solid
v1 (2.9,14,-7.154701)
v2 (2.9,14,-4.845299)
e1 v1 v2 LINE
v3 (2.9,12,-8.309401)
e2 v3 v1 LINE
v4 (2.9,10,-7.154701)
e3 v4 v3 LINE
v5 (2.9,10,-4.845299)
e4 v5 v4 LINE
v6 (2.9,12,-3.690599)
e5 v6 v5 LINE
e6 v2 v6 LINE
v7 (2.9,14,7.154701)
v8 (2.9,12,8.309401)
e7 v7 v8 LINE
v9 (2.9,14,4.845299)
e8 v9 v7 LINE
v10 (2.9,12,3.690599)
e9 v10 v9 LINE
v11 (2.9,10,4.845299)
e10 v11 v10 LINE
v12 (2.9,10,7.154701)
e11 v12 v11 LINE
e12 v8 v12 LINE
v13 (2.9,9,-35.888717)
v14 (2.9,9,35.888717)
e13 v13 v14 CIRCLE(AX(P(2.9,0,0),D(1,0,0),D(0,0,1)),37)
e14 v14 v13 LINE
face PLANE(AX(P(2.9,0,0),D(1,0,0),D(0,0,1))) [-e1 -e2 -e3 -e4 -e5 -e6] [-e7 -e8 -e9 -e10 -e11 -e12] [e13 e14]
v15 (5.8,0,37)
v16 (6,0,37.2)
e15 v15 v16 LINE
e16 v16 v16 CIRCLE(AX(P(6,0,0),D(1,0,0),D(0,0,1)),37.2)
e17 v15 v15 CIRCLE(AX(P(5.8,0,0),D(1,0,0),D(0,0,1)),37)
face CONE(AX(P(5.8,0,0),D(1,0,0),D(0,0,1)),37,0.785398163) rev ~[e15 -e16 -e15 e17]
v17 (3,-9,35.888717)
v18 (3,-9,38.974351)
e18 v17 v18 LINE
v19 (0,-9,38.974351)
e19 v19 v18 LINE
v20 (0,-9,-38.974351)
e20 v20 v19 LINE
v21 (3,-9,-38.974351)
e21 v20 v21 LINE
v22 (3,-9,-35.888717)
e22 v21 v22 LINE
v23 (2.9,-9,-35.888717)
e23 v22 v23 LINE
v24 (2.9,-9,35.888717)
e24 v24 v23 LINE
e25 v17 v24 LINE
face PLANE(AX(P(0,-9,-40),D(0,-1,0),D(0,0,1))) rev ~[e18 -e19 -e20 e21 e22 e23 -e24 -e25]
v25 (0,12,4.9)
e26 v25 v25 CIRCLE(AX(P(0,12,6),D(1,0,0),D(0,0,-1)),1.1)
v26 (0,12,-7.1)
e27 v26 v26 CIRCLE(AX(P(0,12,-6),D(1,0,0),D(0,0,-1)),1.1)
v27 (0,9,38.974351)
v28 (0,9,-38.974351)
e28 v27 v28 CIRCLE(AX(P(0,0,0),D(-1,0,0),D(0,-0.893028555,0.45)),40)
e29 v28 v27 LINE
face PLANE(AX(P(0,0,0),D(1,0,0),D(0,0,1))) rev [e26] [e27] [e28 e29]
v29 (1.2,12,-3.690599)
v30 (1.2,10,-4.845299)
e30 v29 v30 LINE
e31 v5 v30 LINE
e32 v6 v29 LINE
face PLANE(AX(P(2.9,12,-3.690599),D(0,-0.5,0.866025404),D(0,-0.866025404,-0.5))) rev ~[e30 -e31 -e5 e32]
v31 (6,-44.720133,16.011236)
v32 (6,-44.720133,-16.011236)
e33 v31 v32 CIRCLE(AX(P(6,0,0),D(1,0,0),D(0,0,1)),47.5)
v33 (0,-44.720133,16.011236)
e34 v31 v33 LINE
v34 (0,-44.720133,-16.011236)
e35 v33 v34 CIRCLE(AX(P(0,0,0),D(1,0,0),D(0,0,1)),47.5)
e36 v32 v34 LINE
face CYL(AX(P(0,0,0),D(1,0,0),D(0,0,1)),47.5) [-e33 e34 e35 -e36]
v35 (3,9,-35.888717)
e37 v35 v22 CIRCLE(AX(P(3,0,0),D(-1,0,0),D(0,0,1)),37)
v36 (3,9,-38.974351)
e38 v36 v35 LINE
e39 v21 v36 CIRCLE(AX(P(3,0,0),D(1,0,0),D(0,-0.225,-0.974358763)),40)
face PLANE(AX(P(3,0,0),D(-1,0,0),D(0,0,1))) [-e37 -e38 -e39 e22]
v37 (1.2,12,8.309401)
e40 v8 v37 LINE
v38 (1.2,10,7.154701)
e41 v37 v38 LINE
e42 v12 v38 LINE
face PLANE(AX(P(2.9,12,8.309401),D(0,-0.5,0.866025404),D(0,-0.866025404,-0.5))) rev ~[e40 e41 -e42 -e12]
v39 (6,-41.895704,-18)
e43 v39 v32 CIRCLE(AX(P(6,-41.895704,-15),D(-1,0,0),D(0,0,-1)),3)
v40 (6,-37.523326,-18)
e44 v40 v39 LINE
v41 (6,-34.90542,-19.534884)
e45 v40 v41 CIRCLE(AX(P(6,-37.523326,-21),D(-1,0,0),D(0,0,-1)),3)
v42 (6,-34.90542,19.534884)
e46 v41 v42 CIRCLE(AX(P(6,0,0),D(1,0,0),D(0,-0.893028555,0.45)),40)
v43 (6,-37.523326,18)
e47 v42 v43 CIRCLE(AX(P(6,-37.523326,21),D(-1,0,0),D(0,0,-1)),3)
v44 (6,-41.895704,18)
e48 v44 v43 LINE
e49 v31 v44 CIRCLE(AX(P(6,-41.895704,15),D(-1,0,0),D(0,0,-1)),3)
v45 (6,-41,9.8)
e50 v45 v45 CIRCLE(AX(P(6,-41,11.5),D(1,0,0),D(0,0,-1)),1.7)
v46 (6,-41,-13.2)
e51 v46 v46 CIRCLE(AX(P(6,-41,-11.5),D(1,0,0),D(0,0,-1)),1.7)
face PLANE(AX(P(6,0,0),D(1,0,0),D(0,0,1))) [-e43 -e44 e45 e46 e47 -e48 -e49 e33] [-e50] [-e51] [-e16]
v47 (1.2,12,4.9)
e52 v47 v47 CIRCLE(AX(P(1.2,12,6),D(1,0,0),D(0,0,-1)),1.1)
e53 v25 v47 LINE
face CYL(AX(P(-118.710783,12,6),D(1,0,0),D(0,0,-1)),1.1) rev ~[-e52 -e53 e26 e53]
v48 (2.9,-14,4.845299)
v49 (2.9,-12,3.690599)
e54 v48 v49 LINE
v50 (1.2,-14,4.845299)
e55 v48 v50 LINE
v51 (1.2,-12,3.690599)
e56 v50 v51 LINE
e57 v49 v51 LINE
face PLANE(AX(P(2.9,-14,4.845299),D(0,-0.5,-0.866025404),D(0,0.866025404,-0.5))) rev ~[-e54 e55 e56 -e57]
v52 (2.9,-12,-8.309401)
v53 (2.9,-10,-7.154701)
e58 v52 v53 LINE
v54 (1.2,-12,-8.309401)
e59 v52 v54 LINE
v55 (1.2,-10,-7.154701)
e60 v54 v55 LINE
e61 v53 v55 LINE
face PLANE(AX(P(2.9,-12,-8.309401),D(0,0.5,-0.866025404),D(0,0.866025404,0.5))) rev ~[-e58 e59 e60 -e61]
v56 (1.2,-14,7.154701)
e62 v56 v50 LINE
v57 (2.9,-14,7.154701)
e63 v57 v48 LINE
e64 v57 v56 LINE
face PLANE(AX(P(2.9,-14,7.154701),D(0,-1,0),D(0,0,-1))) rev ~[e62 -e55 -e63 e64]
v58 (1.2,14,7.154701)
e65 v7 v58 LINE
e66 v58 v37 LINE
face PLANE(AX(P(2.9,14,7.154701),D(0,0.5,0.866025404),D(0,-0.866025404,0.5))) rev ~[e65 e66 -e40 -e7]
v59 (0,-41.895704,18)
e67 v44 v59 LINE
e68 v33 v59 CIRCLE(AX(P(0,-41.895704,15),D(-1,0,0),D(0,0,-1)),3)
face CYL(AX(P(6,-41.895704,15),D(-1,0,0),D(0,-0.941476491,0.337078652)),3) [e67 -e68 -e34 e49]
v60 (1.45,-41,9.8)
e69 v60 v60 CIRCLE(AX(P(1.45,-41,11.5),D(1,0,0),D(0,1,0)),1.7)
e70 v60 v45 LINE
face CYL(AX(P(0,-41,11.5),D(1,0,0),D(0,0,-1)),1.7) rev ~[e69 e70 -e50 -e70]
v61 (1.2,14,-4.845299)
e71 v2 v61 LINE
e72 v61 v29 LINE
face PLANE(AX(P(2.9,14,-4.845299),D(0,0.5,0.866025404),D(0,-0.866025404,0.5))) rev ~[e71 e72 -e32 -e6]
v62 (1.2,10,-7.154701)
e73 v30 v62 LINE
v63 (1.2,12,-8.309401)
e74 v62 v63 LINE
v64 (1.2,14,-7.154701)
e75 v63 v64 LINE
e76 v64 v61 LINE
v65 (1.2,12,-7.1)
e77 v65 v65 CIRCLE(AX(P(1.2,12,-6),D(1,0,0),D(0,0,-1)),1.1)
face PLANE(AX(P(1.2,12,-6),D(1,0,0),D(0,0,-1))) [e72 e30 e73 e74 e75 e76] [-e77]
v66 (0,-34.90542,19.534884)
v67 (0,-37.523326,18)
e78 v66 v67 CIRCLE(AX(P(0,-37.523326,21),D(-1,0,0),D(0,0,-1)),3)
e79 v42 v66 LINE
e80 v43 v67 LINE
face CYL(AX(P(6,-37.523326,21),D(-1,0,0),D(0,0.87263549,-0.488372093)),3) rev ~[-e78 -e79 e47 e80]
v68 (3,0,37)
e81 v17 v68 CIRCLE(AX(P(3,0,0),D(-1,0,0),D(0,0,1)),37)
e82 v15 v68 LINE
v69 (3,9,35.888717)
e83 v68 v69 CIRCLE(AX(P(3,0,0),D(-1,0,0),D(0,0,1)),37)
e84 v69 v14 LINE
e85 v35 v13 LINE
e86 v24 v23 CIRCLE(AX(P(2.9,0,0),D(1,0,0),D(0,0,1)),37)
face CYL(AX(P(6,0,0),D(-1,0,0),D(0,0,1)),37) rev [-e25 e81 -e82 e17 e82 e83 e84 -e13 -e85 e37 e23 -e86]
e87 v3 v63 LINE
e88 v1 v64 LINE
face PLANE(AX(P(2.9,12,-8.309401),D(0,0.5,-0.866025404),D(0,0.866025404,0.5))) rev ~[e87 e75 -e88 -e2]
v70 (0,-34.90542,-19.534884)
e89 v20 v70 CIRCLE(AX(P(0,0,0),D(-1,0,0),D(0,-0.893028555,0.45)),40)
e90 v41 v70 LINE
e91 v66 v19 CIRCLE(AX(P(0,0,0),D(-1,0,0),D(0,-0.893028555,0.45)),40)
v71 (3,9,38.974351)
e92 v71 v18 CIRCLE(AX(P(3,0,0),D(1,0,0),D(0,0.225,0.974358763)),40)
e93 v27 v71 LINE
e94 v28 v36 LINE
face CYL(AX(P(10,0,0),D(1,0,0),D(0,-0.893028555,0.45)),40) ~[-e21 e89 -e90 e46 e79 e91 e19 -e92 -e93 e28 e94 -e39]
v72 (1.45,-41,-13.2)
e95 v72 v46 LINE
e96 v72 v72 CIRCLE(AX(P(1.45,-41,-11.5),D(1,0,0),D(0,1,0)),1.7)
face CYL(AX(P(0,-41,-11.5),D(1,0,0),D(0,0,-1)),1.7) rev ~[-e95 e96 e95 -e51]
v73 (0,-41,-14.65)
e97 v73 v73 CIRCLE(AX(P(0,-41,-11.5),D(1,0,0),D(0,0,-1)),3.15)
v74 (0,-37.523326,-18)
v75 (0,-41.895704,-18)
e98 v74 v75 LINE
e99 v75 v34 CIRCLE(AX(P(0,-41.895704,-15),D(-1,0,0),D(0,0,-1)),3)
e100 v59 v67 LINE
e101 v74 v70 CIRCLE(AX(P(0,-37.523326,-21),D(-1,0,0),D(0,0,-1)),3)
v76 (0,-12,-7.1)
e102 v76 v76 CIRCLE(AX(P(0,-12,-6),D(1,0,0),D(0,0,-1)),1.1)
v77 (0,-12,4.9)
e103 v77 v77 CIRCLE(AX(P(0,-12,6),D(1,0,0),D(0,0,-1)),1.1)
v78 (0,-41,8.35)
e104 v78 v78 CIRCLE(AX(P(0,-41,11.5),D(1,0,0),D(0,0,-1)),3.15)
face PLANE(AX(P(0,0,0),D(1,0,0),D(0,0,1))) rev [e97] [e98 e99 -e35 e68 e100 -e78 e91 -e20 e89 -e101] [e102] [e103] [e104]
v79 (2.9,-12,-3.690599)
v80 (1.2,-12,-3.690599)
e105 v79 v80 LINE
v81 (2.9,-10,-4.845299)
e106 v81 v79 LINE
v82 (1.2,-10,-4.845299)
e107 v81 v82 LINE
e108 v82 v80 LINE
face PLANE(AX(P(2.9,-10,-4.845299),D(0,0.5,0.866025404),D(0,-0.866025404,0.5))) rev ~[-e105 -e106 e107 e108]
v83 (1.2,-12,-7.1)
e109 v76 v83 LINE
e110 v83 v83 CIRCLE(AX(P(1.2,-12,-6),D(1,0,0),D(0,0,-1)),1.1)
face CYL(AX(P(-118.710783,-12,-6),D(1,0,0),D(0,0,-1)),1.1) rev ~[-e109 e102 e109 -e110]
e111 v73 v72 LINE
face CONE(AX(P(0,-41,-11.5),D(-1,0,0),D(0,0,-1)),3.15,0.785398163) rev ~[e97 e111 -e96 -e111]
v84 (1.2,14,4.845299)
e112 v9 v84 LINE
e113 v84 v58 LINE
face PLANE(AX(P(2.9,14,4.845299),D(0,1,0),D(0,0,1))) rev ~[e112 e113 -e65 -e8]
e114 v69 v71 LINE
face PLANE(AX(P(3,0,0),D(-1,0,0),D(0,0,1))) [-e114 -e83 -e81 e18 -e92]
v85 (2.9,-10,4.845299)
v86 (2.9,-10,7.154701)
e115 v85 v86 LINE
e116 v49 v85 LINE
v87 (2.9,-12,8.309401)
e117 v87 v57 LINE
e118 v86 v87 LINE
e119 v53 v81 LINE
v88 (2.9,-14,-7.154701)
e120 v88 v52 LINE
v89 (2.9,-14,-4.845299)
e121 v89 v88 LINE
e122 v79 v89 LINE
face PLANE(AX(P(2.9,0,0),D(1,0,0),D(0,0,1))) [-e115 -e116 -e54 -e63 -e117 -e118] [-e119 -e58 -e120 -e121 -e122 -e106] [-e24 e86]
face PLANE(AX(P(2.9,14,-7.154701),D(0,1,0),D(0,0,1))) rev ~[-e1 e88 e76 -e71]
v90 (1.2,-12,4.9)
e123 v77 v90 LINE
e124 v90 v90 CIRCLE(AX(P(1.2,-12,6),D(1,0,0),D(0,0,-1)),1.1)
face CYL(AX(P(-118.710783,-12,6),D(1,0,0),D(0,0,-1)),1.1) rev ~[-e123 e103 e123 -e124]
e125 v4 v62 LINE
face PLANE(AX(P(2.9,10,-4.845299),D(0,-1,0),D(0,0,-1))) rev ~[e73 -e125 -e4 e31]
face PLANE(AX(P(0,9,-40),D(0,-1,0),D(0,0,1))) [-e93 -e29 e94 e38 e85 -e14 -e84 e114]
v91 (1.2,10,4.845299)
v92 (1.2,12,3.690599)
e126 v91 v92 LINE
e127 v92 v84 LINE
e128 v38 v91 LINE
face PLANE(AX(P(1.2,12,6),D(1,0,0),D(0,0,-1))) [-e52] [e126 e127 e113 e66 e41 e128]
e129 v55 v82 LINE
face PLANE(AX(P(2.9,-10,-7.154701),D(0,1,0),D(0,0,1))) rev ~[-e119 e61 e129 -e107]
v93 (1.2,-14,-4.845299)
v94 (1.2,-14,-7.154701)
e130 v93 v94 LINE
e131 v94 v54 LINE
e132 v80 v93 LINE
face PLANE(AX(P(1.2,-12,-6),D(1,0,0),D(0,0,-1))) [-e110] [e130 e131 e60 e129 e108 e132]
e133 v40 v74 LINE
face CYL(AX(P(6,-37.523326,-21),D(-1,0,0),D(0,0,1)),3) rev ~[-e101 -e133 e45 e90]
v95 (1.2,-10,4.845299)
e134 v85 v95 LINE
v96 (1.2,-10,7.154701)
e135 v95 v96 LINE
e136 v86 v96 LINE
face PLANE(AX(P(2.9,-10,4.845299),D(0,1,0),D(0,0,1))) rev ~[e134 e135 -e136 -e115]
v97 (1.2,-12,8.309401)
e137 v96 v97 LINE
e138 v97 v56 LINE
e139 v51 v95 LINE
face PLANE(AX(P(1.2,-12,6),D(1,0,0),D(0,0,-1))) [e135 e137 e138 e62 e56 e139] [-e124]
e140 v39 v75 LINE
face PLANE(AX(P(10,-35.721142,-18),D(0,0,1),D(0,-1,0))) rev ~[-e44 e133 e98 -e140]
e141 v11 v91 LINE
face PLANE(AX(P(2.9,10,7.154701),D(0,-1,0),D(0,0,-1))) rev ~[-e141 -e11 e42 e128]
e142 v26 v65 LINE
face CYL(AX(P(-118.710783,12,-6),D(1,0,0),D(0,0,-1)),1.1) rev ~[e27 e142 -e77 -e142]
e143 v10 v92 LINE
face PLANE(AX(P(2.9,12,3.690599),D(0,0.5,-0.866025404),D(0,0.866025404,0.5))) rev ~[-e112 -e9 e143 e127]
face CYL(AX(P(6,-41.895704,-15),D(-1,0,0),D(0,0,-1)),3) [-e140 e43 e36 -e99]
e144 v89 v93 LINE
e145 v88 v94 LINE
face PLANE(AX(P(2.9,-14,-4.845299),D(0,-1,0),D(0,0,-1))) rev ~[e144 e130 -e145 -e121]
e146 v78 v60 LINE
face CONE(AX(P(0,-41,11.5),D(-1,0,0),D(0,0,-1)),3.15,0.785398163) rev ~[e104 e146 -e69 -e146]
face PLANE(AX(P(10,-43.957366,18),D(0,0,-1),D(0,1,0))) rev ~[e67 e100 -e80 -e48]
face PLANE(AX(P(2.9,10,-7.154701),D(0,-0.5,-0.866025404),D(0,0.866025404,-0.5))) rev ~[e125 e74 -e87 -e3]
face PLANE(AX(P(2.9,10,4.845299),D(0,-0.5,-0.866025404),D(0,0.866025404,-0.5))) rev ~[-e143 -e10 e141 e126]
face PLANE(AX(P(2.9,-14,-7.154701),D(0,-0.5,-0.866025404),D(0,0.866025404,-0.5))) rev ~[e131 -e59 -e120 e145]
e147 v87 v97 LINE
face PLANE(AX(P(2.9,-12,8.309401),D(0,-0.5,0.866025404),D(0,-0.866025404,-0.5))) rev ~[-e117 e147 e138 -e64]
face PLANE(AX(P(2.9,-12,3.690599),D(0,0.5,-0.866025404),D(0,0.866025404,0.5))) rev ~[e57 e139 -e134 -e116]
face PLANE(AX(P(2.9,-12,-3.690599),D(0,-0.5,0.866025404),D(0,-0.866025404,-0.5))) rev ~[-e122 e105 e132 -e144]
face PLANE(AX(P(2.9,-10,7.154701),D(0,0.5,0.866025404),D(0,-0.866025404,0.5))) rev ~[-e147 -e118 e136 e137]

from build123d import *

# Parameters (mm, degrees)
CHAMFER_2_SIZE              = 0.2
CUT_EXTRUDE_START           = -10
CUT_EXTRUDE_1_DEPTH         = 10
HOLE_WIZARD_M31_D           = 3.4
HOLE_WIZARD_M31_CSINK_D     = 6.3
HOLE_WIZARD_M31_CSINK_ANGLE = 90
FILLET_1_R                  = 3
SKETCH_5_W                  = 80
SKETCH_5_H                  = 18
CUT_EXTRUDE_2_DEPTH         = 3
HOLE_WIZARD_M21_D           = 2.2
CUT_EXTRUDE_3_DEPTH         = 1.7


with BuildPart() as part:
    # Эскиз1 → Повернуть1 (revolve)
    with BuildSketch(Plane.XY, mode=Mode.PRIVATE) as revolve_1_sk:
        Polygon((6, 37), (2.9, 37), (2.9, 0), (0, 0), (0, 47.5), (6, 47.5), align=None)
    revolve(revolve_1_sk.sketch.rotate(Axis((-5.881924198, 0, 0), (1, 0, 0)), 90), axis=Axis((-5.881924198, 0, 0), (1, 0, 0)))

    # Фаска2
    chamfer_2_edges = [part.edges().sort_by_distance(p)[0] for p in [
        (6, 0, -37),
    ]]
    chamfer(chamfer_2_edges, length=CHAMFER_2_SIZE)

    # Эскиз2 → Вырез-Вытянуть1 (cut)
    with BuildSketch(Plane.ZY.offset(CUT_EXTRUDE_START)):
        with BuildLine():
            Line((-18, -35.721142199), (-18, -43.957365708))
            ThreePointArc((-18, -43.957365708), (0, 47.5), (18, -43.957365708))
            Line((18, -43.957365708), (18, -35.721142199))
            ThreePointArc((18, -35.721142199), (0, 40), (-18, -35.721142199))
        make_face()
    extrude(amount=CUT_EXTRUDE_1_DEPTH, mode=Mode.SUBTRACT)

    # Зенковка для винта с потайной головкой M31 (through all)
    with Locations(Plane.ZY):
        with Locations((-11.5, -41), (11.5, -41)):
            CounterSinkHole(HOLE_WIZARD_M31_D / 2, HOLE_WIZARD_M31_CSINK_D / 2, counter_sink_angle=HOLE_WIZARD_M31_CSINK_ANGLE)

    # Скругление1
    fillet_1_edges = [part.edges().sort_by_distance(p)[0] for p in [
        (3, -35.721142199, 18),
        (3, -35.721142199, -18),
        (3, -43.957365708, -18),
        (3, -43.957365708, 18),
    ]]
    fillet(fillet_1_edges, radius=FILLET_1_R)

    # Эскиз5 → Вырез-Вытянуть2 (cut)
    with BuildSketch(Plane.ZY):
        Rectangle(SKETCH_5_W, SKETCH_5_H)
    extrude(amount=-CUT_EXTRUDE_2_DEPTH, mode=Mode.SUBTRACT)

    # Отверстие с зазором M21 (through all)
    with Locations(Plane.ZY):
        with Locations((6, 12), (-6, 12), (-6, -12), (6, -12)):
            Hole(HOLE_WIZARD_M21_D / 2)

    # Эскиз8 → Вырез-Вытянуть3 (cut)
    with BuildSketch(Plane(origin=(2.9, 0, 0), x_dir=(0, 0, -1), z_dir=(1, 0, 0))):
        Polygon((7.154700538, 10), (8.309401077, 12), (7.154700538, 14), (4.845299462, 14), (3.690598923, 12), (4.845299462, 10), align=None)
        Polygon((-4.845299462, 10), (-3.690598923, 12), (-4.845299462, 14), (-7.154700538, 14), (-8.309401077, 12), (-7.154700538, 10), align=None)
        Polygon((-4.845299462, -14), (-3.690598923, -12), (-4.845299462, -10), (-7.154700538, -10), (-8.309401077, -12), (-7.154700538, -14), align=None)
        Polygon((7.154700538, -14), (8.309401077, -12), (7.154700538, -10), (4.845299462, -10), (3.690598923, -12), (4.845299462, -14), align=None)
    extrude(amount=-CUT_EXTRUDE_3_DEPTH, mode=Mode.SUBTRACT)


solid = part.part
